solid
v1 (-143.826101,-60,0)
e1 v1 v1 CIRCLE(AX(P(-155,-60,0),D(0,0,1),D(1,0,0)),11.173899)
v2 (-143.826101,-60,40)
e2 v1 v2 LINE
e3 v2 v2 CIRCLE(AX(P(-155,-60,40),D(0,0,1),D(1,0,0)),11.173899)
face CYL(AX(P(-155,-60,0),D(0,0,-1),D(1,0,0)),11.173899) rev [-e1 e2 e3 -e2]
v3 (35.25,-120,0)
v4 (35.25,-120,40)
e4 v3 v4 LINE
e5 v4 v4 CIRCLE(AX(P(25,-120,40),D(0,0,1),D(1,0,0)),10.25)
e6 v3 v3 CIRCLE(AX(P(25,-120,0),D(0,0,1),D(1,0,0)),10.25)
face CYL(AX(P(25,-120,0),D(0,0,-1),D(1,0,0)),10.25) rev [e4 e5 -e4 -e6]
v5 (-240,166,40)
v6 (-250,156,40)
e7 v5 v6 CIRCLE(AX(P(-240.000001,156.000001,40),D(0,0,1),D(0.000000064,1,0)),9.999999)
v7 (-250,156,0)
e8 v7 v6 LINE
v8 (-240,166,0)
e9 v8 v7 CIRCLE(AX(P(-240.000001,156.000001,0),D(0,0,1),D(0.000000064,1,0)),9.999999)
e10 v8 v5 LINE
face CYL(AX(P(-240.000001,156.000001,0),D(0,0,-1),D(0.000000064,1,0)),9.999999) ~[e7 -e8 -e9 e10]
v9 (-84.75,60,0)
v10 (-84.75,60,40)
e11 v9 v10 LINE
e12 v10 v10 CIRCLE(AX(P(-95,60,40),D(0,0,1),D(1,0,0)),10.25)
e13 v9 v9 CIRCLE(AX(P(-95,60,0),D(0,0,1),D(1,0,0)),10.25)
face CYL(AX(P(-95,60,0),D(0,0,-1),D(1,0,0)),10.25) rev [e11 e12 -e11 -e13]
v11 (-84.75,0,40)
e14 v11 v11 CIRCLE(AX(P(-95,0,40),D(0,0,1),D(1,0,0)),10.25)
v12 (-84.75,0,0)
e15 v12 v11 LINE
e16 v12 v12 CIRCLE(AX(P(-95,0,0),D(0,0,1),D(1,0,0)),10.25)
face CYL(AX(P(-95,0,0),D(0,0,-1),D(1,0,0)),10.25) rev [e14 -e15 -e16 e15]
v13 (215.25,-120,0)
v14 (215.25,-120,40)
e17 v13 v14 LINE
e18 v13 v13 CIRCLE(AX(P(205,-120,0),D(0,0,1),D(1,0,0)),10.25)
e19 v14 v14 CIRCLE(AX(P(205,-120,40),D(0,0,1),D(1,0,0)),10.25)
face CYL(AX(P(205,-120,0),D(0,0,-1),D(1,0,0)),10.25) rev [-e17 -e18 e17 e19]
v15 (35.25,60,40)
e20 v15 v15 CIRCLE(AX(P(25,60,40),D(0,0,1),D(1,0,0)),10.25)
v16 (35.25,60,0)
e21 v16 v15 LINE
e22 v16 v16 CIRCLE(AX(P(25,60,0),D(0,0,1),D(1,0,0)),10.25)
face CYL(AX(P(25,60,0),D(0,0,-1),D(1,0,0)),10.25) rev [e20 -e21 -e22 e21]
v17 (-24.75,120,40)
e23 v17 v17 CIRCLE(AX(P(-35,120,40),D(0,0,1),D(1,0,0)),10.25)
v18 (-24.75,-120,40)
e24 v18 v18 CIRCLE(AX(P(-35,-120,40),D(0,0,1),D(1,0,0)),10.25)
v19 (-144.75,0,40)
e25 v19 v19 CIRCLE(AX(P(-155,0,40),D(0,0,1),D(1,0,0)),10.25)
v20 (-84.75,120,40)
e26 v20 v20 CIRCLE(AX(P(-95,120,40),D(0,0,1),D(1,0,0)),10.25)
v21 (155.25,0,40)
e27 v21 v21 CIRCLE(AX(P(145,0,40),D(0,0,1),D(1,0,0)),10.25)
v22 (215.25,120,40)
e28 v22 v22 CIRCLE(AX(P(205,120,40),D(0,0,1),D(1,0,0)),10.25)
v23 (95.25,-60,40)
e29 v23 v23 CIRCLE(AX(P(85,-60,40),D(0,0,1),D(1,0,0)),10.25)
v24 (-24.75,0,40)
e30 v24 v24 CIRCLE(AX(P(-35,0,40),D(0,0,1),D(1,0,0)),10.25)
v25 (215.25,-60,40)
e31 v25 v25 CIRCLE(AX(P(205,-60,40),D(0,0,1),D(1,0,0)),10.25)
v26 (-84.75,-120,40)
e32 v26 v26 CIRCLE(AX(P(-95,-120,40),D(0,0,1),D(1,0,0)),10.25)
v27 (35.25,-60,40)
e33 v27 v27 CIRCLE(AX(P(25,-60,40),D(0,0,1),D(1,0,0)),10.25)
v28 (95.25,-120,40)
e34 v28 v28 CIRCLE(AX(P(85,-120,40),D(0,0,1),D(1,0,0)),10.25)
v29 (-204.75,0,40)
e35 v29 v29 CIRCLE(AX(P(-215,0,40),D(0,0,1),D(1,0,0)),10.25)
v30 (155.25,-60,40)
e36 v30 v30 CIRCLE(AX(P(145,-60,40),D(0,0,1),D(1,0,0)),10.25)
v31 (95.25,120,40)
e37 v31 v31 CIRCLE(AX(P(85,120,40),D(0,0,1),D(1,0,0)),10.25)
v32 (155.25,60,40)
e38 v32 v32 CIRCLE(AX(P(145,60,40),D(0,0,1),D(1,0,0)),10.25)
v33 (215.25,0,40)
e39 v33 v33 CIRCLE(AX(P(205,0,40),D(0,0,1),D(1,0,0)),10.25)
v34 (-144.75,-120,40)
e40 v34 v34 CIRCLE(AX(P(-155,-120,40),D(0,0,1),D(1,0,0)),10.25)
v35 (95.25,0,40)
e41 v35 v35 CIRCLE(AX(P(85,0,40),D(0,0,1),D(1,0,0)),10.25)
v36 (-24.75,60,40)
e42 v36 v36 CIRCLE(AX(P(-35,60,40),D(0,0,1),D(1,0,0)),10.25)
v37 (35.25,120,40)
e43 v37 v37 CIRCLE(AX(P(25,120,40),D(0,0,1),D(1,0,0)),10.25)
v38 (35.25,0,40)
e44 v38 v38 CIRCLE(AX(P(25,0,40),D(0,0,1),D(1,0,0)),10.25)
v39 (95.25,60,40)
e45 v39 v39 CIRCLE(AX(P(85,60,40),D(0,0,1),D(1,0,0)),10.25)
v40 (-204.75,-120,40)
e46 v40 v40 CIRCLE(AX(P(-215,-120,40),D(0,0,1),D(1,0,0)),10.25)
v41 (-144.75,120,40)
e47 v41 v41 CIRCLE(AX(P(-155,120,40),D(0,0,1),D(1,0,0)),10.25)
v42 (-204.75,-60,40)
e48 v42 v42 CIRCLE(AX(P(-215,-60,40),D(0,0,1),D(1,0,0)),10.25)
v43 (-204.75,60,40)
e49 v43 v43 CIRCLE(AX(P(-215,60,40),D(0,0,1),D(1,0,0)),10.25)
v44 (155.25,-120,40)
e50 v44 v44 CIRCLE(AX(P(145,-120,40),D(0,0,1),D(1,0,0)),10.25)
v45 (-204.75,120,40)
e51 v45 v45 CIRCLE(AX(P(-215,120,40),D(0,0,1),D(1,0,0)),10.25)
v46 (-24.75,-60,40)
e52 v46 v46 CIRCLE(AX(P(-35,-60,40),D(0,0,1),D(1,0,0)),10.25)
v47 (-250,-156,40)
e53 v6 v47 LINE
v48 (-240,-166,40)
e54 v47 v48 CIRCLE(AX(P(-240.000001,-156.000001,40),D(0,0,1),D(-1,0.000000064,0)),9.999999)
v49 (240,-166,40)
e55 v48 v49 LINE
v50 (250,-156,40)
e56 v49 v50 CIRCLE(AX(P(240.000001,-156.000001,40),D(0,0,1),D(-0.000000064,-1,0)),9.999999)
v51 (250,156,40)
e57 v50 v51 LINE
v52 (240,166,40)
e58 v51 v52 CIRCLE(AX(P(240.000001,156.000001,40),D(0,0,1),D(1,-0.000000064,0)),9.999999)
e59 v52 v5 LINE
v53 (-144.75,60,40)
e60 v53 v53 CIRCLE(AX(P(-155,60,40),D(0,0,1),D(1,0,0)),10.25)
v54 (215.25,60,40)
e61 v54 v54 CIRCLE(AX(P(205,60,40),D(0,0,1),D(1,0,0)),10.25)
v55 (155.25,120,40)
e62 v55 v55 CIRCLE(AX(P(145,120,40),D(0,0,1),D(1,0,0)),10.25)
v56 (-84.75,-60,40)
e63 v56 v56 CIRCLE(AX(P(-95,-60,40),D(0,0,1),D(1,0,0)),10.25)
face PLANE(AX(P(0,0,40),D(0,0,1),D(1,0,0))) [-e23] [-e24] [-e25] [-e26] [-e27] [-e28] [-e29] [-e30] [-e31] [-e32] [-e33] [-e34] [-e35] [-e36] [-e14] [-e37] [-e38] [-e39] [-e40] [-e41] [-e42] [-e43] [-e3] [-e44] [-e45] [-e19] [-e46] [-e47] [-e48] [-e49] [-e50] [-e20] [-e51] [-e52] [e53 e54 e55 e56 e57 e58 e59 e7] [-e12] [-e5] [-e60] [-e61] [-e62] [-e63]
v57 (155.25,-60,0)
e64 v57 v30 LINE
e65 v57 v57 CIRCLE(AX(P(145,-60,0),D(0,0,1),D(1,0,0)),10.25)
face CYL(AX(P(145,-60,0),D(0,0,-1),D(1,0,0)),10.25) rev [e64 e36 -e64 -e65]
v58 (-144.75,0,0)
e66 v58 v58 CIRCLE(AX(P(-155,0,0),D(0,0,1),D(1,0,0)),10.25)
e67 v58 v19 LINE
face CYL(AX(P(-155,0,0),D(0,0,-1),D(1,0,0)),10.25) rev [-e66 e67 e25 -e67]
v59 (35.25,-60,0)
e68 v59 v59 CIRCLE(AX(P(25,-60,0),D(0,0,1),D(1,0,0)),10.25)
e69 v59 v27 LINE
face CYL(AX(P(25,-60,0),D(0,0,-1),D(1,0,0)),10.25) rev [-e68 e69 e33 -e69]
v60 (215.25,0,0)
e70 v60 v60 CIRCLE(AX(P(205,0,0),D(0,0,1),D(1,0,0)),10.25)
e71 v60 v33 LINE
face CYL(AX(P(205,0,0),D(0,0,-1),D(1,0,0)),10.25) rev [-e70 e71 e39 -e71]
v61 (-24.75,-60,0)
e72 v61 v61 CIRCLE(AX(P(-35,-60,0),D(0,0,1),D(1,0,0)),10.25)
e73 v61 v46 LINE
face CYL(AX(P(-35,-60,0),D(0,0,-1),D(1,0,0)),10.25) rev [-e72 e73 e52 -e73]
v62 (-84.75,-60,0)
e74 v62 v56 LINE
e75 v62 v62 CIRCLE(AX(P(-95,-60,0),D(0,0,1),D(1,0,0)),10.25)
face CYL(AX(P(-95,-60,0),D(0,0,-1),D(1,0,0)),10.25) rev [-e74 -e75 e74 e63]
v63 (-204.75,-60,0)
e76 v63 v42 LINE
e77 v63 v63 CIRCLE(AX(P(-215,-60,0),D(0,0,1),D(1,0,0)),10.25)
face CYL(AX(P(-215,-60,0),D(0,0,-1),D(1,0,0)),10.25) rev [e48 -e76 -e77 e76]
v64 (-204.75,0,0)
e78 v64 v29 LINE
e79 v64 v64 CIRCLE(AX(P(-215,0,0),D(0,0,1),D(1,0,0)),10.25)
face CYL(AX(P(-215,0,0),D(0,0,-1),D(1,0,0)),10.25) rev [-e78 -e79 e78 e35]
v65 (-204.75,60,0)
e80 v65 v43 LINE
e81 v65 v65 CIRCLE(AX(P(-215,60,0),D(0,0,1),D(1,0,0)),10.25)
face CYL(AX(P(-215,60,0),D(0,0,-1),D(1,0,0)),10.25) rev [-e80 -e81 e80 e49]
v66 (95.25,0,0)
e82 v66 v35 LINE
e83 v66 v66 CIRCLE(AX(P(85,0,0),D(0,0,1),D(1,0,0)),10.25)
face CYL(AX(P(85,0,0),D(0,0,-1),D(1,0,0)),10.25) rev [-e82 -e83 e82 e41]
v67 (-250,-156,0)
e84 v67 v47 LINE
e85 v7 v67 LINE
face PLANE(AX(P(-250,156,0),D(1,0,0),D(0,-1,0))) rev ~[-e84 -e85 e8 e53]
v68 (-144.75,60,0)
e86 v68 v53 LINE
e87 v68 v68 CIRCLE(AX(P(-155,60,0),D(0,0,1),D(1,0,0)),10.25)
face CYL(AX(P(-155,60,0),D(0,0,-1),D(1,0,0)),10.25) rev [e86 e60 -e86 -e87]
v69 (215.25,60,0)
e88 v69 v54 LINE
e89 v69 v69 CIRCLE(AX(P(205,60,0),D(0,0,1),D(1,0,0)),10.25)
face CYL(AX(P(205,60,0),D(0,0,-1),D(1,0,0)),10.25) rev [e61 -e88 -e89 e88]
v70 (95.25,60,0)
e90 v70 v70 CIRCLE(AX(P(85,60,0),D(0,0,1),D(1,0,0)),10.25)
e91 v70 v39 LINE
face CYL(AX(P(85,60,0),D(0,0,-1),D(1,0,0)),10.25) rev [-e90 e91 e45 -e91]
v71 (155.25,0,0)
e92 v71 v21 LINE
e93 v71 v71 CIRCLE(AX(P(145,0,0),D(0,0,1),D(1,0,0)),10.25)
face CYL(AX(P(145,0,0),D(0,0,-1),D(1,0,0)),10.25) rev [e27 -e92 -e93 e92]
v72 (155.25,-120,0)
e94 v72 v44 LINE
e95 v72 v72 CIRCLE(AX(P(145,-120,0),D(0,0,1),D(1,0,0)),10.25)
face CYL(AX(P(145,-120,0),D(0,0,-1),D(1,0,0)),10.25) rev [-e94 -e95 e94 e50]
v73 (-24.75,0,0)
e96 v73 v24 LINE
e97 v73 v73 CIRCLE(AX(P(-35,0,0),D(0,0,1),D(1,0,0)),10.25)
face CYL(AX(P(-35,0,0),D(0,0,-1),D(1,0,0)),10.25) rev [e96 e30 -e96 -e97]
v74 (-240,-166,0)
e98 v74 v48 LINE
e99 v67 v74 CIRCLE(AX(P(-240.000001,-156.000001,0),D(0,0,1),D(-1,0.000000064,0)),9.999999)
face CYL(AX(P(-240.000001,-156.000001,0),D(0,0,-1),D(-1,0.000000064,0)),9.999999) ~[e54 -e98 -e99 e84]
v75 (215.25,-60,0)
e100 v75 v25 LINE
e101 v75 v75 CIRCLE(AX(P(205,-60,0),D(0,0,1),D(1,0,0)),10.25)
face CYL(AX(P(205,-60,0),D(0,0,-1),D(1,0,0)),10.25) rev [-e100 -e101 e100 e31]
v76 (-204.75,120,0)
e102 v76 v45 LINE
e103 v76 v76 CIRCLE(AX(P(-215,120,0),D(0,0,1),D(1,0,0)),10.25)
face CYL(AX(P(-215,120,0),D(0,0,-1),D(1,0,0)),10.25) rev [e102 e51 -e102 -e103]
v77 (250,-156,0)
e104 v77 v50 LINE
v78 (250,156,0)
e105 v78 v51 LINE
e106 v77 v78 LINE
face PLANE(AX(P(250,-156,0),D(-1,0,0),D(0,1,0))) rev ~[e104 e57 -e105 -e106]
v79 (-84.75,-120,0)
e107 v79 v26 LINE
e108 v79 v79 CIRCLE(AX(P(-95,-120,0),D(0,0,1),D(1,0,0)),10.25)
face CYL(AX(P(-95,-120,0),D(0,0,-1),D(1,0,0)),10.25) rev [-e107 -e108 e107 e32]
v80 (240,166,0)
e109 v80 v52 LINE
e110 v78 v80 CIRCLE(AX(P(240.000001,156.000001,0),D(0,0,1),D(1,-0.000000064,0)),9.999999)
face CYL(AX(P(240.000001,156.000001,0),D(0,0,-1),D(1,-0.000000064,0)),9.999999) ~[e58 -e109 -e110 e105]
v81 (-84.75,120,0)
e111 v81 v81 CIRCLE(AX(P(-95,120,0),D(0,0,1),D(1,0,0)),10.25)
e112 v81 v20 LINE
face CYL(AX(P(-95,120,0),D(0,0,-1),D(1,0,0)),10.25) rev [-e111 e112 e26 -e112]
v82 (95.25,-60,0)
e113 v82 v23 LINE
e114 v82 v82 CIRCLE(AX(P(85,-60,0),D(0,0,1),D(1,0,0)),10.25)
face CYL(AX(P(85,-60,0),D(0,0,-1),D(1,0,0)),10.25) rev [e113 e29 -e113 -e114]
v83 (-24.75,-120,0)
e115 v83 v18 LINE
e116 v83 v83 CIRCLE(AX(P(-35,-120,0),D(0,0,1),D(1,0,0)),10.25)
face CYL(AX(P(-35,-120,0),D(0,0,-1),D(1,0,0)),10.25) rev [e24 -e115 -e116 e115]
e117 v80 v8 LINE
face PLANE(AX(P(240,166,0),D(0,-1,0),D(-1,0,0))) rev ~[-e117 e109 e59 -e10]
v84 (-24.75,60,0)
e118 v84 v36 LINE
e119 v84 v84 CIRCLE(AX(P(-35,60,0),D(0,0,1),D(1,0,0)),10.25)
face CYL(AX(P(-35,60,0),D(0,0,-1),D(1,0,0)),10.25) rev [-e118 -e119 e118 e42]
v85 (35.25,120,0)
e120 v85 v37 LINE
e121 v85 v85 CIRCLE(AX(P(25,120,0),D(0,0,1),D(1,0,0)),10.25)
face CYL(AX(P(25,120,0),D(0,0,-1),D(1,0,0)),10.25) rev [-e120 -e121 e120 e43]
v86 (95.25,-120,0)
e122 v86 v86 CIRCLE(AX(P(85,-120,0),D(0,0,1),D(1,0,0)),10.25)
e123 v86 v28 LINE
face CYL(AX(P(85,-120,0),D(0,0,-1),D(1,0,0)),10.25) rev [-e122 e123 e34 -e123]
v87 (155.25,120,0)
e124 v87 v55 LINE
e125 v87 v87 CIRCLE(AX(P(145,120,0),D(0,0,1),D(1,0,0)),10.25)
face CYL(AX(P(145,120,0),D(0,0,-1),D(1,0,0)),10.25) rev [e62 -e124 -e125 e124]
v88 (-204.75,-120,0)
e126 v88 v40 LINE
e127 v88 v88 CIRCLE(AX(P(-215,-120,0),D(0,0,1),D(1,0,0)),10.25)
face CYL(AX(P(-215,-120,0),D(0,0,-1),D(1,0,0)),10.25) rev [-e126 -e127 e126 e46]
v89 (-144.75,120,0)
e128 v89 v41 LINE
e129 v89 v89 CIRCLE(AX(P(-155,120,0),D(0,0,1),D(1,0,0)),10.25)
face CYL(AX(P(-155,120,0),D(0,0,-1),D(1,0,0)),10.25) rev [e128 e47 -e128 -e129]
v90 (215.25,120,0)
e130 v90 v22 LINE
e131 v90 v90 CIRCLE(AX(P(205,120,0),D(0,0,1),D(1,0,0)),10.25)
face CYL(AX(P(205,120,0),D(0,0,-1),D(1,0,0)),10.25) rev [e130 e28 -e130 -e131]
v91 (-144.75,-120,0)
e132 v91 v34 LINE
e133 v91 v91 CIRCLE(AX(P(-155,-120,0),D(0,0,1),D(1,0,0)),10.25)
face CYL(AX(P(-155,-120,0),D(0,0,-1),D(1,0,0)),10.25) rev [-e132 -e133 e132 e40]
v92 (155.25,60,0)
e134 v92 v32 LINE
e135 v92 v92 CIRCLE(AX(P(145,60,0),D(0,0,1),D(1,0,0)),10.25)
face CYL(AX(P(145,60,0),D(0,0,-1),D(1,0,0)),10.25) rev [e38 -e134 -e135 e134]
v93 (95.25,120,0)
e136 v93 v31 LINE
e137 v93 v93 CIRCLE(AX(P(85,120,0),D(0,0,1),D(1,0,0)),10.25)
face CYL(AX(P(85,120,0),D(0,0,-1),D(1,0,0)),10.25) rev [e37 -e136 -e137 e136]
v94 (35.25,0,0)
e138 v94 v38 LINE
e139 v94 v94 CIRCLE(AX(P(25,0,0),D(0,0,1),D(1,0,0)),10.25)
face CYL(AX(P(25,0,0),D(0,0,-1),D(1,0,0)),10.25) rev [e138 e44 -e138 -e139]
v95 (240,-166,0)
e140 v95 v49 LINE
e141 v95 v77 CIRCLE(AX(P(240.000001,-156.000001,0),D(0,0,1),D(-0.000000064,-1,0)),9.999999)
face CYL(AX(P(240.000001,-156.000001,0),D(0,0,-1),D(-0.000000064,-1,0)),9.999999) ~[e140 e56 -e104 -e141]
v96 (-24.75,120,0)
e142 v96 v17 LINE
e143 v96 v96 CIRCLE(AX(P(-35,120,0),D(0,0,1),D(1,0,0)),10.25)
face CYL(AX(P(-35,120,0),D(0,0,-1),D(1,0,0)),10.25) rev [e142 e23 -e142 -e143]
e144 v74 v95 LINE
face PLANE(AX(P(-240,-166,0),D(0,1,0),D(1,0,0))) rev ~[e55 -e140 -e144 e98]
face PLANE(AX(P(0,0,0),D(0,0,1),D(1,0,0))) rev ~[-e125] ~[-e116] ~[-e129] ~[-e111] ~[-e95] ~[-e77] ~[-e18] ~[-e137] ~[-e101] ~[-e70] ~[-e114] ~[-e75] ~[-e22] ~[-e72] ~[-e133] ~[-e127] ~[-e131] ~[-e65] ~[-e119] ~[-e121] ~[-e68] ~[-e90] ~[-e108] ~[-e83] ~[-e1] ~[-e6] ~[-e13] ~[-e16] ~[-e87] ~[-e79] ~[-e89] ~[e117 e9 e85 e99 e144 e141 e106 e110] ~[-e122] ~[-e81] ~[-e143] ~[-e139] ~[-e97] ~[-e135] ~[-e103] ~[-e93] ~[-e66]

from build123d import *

# Parameters (mm, degrees)
F0_R     = 10.25
F0_R_2   = 11.173899
F1_DEPTH = 40


with BuildPart() as f1:
    # F0 (on Top) → F1 (new body)
    with BuildSketch(Plane.XY):
        with BuildLine():
            Line((-240, -166), (240, -166))
            ThreePointArc((240, -166), (247.071068, -163.071068), (250, -156))
            Line((250, -156), (250, 156))
            ThreePointArc((250, 156), (247.071068, 163.071068), (240, 166))
            Line((240, 166), (-240, 166))
            ThreePointArc((-240, 166), (-247.071068, 163.071068), (-250, 156))
            Line((-250, 156), (-250, -156))
            ThreePointArc((-250, -156), (-247.071068, -163.071068), (-240, -166))
        make_face()
        with Locations((-215, -120)):
            Circle(F0_R, mode=Mode.SUBTRACT)
        with Locations((-155, -120)):
            Circle(F0_R, mode=Mode.SUBTRACT)
        with Locations((-95, -120)):
            Circle(F0_R, mode=Mode.SUBTRACT)
        with Locations((-35, -120)):
            Circle(F0_R, mode=Mode.SUBTRACT)
        with Locations((-215, -60)):
            Circle(F0_R, mode=Mode.SUBTRACT)
        with Locations((-155, -60)):
            Circle(F0_R_2, mode=Mode.SUBTRACT)
        with Locations((-95, -60)):
            Circle(F0_R, mode=Mode.SUBTRACT)
        with Locations((-35, -60)):
            Circle(F0_R, mode=Mode.SUBTRACT)
        with Locations((25, -120)):
            Circle(F0_R, mode=Mode.SUBTRACT)
        with Locations((85, -120)):
            Circle(F0_R, mode=Mode.SUBTRACT)
        with Locations((145, -120)):
            Circle(F0_R, mode=Mode.SUBTRACT)
        with Locations((205, -120)):
            Circle(F0_R, mode=Mode.SUBTRACT)
        with Locations((25, -60)):
            Circle(F0_R, mode=Mode.SUBTRACT)
        with Locations((85, -60)):
            Circle(F0_R, mode=Mode.SUBTRACT)
        with Locations((145, -60)):
            Circle(F0_R, mode=Mode.SUBTRACT)
        with Locations((205, -60)):
            Circle(F0_R, mode=Mode.SUBTRACT)
        with Locations((-215, 0)):
            Circle(F0_R, mode=Mode.SUBTRACT)
        with Locations((-155, 0)):
            Circle(F0_R, mode=Mode.SUBTRACT)
        with Locations((-215, 60)):
            Circle(F0_R, mode=Mode.SUBTRACT)
        with Locations((-155, 60)):
            Circle(F0_R, mode=Mode.SUBTRACT)
        with Locations((-95, 0)):
            Circle(F0_R, mode=Mode.SUBTRACT)
        with Locations((-35, 0)):
            Circle(F0_R, mode=Mode.SUBTRACT)
        with Locations((-95, 60)):
            Circle(F0_R, mode=Mode.SUBTRACT)
        with Locations((-35, 60)):
            Circle(F0_R, mode=Mode.SUBTRACT)
        with Locations((-215, 120)):
            Circle(F0_R, mode=Mode.SUBTRACT)
        with Locations((-155, 120)):
            Circle(F0_R, mode=Mode.SUBTRACT)
        with Locations((-95, 120)):
            Circle(F0_R, mode=Mode.SUBTRACT)
        with Locations((-35, 120)):
            Circle(F0_R, mode=Mode.SUBTRACT)
        with Locations((25, 0)):
            Circle(F0_R, mode=Mode.SUBTRACT)
        with Locations((85, 0)):
            Circle(F0_R, mode=Mode.SUBTRACT)
        with Locations((25, 60)):
            Circle(F0_R, mode=Mode.SUBTRACT)
        with Locations((85, 60)):
            Circle(F0_R, mode=Mode.SUBTRACT)
        with Locations((145, 0)):
            Circle(F0_R, mode=Mode.SUBTRACT)
        with Locations((205, 0)):
            Circle(F0_R, mode=Mode.SUBTRACT)
        with Locations((145, 60)):
            Circle(F0_R, mode=Mode.SUBTRACT)
        with Locations((205, 60)):
            Circle(F0_R, mode=Mode.SUBTRACT)
        with Locations((25, 120)):
            Circle(F0_R, mode=Mode.SUBTRACT)
        with Locations((85, 120)):
            Circle(F0_R, mode=Mode.SUBTRACT)
        with Locations((145, 120)):
            Circle(F0_R, mode=Mode.SUBTRACT)
        with Locations((205, 120)):
            Circle(F0_R, mode=Mode.SUBTRACT)
    extrude(amount=F1_DEPTH)


solid = f1.part
